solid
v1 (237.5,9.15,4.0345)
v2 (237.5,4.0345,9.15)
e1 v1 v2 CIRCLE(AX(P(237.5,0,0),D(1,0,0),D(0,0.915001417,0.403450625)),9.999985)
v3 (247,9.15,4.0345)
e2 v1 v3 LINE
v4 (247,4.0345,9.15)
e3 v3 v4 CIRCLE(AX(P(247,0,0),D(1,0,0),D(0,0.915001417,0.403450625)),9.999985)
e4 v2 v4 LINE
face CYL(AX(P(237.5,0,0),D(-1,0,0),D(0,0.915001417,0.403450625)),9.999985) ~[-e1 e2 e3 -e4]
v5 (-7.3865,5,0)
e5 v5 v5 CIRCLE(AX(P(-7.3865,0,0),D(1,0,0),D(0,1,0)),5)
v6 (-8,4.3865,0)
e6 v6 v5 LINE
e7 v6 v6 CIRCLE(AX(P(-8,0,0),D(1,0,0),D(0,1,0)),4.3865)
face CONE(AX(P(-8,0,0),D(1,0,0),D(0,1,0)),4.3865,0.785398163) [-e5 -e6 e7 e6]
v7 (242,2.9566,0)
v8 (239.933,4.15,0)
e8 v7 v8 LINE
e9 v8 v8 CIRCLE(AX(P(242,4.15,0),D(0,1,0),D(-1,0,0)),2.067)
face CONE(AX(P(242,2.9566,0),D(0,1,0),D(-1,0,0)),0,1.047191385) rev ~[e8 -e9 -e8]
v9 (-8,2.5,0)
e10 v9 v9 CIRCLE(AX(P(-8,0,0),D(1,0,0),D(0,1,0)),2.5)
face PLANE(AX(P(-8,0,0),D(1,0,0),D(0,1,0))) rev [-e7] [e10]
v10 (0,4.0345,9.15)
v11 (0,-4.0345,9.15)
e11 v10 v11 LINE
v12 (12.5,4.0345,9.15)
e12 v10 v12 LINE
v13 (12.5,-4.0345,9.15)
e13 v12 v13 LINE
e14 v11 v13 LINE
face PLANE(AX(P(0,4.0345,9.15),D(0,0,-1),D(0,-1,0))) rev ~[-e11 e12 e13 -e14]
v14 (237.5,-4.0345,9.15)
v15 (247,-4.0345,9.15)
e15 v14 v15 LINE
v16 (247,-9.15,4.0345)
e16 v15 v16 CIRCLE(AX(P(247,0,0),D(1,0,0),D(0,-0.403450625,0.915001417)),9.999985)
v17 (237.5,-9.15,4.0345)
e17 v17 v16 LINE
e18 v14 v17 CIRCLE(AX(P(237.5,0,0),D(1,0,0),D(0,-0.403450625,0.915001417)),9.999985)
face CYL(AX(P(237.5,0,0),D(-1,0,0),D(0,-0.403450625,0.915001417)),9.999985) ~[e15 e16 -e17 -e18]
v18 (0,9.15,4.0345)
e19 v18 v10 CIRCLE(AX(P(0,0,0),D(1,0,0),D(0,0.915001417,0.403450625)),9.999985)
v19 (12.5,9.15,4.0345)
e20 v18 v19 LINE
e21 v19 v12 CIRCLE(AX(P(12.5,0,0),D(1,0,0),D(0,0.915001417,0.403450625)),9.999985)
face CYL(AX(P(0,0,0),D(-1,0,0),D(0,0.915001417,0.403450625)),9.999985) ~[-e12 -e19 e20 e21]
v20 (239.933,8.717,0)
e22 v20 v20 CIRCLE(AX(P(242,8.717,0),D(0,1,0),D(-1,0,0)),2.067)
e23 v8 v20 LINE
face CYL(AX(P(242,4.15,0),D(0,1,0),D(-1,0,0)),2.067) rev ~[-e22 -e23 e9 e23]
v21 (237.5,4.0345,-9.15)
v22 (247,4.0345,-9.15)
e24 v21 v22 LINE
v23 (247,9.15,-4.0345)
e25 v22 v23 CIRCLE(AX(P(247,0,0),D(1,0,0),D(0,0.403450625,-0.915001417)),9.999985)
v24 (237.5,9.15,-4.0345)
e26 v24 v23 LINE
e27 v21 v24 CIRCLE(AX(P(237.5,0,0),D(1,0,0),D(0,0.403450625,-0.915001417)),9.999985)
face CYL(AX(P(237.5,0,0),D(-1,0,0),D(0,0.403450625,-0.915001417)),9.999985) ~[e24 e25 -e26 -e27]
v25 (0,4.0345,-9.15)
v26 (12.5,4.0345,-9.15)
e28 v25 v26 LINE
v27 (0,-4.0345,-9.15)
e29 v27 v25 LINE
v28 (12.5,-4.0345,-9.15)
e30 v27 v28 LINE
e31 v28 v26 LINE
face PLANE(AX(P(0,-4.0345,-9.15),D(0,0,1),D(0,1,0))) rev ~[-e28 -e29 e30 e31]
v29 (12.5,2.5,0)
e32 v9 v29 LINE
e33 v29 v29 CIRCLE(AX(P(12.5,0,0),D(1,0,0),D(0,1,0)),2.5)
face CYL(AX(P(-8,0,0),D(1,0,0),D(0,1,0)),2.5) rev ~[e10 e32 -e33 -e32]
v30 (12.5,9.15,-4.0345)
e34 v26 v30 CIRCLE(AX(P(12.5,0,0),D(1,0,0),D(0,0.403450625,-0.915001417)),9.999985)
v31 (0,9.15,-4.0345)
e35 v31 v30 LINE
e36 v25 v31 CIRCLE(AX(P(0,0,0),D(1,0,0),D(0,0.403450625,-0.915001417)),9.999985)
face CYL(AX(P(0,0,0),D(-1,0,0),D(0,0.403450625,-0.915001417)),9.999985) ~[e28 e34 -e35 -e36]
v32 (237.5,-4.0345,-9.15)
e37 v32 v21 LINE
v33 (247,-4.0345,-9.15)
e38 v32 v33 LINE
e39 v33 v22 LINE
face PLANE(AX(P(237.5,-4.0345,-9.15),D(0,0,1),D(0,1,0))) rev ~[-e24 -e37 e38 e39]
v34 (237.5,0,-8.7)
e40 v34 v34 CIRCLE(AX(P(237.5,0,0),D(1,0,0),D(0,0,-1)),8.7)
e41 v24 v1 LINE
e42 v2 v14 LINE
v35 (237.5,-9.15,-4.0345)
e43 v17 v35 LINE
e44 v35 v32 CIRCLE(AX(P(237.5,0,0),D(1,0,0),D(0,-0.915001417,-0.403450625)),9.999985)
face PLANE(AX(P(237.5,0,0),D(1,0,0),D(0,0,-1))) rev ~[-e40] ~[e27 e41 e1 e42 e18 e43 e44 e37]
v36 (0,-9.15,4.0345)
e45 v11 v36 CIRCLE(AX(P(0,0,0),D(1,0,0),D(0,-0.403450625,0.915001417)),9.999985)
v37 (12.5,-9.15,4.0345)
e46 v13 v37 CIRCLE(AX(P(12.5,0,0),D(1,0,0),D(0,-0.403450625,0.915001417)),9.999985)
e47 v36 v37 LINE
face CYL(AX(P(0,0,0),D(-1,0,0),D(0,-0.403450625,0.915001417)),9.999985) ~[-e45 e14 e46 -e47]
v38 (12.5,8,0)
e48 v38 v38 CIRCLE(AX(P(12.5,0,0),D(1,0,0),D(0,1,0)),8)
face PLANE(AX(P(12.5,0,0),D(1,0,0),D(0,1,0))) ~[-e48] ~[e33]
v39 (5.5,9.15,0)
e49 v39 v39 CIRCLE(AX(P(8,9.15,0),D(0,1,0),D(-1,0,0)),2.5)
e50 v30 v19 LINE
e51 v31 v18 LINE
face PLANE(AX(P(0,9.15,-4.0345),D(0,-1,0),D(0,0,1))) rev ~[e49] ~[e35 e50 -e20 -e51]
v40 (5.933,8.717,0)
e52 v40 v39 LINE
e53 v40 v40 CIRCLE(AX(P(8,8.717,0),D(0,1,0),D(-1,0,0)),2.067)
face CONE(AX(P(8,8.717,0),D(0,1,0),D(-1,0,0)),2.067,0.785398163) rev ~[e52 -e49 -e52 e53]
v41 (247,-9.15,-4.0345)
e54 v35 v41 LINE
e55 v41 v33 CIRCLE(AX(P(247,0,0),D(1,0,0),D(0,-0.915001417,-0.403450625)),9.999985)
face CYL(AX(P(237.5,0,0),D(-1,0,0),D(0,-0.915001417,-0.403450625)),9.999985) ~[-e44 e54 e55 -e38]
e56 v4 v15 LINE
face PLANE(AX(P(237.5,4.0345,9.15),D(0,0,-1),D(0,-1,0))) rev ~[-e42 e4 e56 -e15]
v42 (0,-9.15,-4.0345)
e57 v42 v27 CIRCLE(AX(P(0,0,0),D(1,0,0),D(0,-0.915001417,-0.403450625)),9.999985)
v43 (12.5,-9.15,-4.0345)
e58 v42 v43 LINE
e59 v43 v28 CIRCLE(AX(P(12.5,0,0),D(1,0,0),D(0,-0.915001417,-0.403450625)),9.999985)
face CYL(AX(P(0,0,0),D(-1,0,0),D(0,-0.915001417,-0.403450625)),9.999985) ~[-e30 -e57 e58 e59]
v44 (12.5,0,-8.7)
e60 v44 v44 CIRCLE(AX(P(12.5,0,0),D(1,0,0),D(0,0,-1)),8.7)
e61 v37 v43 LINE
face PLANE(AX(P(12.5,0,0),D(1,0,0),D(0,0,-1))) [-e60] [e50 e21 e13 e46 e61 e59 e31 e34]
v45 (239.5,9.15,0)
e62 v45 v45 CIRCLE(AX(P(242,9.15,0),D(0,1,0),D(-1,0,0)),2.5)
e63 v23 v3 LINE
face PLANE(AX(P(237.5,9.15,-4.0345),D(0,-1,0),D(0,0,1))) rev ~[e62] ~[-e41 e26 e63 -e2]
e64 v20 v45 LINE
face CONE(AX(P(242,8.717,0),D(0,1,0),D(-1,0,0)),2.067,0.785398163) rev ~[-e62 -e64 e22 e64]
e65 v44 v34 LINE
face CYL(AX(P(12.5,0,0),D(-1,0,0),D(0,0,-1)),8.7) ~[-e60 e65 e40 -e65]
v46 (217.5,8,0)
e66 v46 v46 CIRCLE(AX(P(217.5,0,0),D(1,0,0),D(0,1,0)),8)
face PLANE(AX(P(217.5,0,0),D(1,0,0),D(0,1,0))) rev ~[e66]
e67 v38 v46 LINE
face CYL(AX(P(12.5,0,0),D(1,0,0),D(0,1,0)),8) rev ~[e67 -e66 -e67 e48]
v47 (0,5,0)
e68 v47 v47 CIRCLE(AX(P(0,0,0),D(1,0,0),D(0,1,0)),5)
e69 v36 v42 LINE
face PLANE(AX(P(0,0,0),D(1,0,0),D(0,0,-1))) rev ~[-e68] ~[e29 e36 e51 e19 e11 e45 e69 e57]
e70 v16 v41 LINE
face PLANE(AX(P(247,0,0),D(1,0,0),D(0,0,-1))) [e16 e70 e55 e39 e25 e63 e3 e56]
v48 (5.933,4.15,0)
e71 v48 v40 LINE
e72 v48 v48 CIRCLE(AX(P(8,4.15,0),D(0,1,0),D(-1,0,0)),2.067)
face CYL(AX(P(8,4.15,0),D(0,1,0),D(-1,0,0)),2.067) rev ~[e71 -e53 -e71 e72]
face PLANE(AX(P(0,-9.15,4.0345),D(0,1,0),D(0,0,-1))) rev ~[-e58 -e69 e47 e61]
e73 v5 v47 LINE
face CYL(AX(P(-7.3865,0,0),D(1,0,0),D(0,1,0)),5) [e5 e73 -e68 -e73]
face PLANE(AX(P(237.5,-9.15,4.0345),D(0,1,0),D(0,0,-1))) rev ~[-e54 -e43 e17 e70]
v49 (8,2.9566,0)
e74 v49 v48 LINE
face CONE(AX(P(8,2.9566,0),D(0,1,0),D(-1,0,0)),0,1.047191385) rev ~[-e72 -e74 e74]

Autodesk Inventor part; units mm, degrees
sketch "Sketch_8" plane through (0, 0, 0) normal (0, 0, 1) x (1, 0, 0)
  line L0 (0, 0) -> (-8, 0)
  line L1 (-8, 0) -> (-8, 4.3865)
  line L2 (-8, 4.3865) -> (-7.3865, 5)
  line L3 (-7.3865, 5) -> (0, 5)
  line L4 (0, 5) -> (0, 0)
  line L5 (0, 0) -> (-8, 0)
revolve "Revolution1" add sketch "Sketch_8" angle 360 about axis through (0, 0, 0) along (1, 0, 0)
thread "Thread1" size "M10x1" class "6g" standard "ISO Metric profile" length 5.8865
sketch "Sketch_9" plane through (0, 0, 0) normal (1, 0, 0) x (0, 0, -1)
  line L0 (-9.15, 4.0345) -> (-9.15, -4.0345)
  arc A0 (-9.15, -4.0345) -> (-4.0345, -9.15) centre (0, 0) ccw
  line L1 (-4.0345, -9.15) -> (4.0345, -9.15)
  arc A1 (4.0345, -9.15) -> (9.15, -4.0345) centre (0, 0) ccw
  line L2 (9.15, -4.0345) -> (9.15, 4.0345)
  arc A2 (9.15, 4.0345) -> (4.0345, 9.15) centre (0, 0) ccw
  line L3 (4.0345, 9.15) -> (-4.0345, 9.15)
  arc A3 (-4.0345, 9.15) -> (-9.15, 4.0345) centre (0, 0) ccw
extrude "Extrusion1" add sketch "Sketch_9" along normal blind 12.5
sketch "Sketch_11" plane through (12.5, 0, 0) normal (1, 0, 0) x (0, 0, -1)
  circle A0 centre (0, 0) radius 8.7
extrude "Extrusion2" add sketch "Sketch_11" along normal blind 225
sketch "Sketch_10" plane through (237.5, 0, 0) normal (1, 0, 0) x (0, 0, -1)
  line L0 (-9.15, 4.0345) -> (-9.15, -4.0345)
  arc A0 (-9.15, -4.0345) -> (-4.0345, -9.15) centre (0, 0) ccw
  line L1 (-4.0345, -9.15) -> (4.0345, -9.15)
  arc A1 (4.0345, -9.15) -> (9.15, -4.0345) centre (0, 0) ccw
  line L2 (9.15, -4.0345) -> (9.15, 4.0345)
  arc A2 (9.15, 4.0345) -> (4.0345, 9.15) centre (0, 0) ccw
  line L3 (4.0345, 9.15) -> (-4.0345, 9.15)
  arc A3 (-4.0345, 9.15) -> (-9.15, 4.0345) centre (0, 0) ccw
extrude "Extrusion3" add sketch "Sketch_10" along normal blind 9.5
sketch "Sketch7" plane through (0, 0, 0) normal (0, 0, 1) x (1, 0, 0)
  line L0 (8, 9.15) -> (8, 4.15)
  line L1 (8, 2.9566) -> (5.933, 4.15)
  line L2 (5.933, 4.15) -> (5.933, 8.717)
  line L3 (5.933, 8.717) -> (5.5, 9.15)
  line L4 (5.5, 9.15) -> (8, 9.15)
  line L5 (8, 9.15) -> (8, 2.9566)
revolve "Revolution2" cut sketch "Sketch7" angle 360 about axis through (8, 9.15, 0) along (0, 1, 0)
thread "Thread2" size "M5x0.8" class "6H" standard "ISO Metric profile" full length
sketch "Sketch_7" plane through (0, 0, 0) normal (0, 0, 1) x (1, 0, 0)
  line L0 (242, 9.15) -> (242, 4.15)
  line L1 (242, 2.9566) -> (239.933, 4.15)
  line L2 (239.933, 4.15) -> (239.933, 8.717)
  line L3 (239.933, 8.717) -> (239.5, 9.15)
  line L4 (239.5, 9.15) -> (242, 9.15)
  line L5 (242, 9.15) -> (242, 2.9566)
revolve "Revolution3" cut sketch "Sketch_7" angle 360 about axis through (242, 9.15, 0) along (0, 1, 0)
thread "Thread3" size "M5x0.8" class "6H" standard "ISO Metric profile" full length
sketch "Sketch_16" plane through (0, 0, 0) normal (0, 0, 1) x (1, 0, 0)
  line L0 (217.5, 0) -> (-8, 0)
  line L1 (-8, 0) -> (-8, 2.5)
  line L2 (-8, 2.5) -> (12.5, 2.5)
  line L3 (12.5, 2.5) -> (12.5, 8)
  line L4 (12.5, 8) -> (217.5, 8)
  line L5 (217.5, 8) -> (217.5, 0)
  line L6 (217.5, 0) -> (-8, 0)
revolve "Revolution4" cut sketch "Sketch_16" angle 360 about axis through (217.5, 0, 0) along (1, 0, 0)
ref_plane "BODY_N_XY" through (247, 0, 0) normal (0, 0, -1) x (1, 0, 0)
ref_plane "BODY_N_YZ" through (247, 0, 0) normal (1, 0, 0) x (0, -1, 0)
ref_plane "BODY_N_ZX" through (247, 0, 0) normal (0, -1, 0) x (0, 0, -1)
ref_plane "NUT2_XY" through (247, 0, 0) normal (1, 0, 0) x (0, 0, -1)
ref_plane "NUT2_YZ" through (247, 0, 0) normal (0, 0, -1) x (0, 1, 0)
ref_plane "NUT2_ZX" through (247, 0, 0) normal (0, 1, 0) x (1, 0, 0)
ref_plane "SW1_XY" through (17.5, 0, 0) normal (1, 0, 0) x (0, 0, -1)
ref_plane "SW1_YZ" through (17.5, 0, 0) normal (0, 0, -1) x (0, 1, 0)
ref_plane "SW1_ZX" through (17.5, 0, 0) normal (0, 1, 0) x (1, 0, 0)
ref_plane "SW2_XY" through (232.5, 0, 0) normal (-1, 0, 0) x (0, 0, -1)
ref_plane "SW2_YZ" through (232.5, 0, 0) normal (0, 0, -1) x (0, -1, 0)
ref_plane "SW2_ZX" through (232.5, 0, 0) normal (0, -1, 0) x (-1, 0, 0)
ref_plane "SW_R1_XY" through (17.5, -14.15, 0) normal (1, 0, 0) x (0, 0, -1)
ref_plane "SW_R1_YZ" through (17.5, -14.15, 0) normal (0, 0, -1) x (0, 1, 0)
ref_plane "SW_R1_ZX" through (17.5, -14.15, 0) normal (0, 1, 0) x (1, 0, 0)
ref_plane "SW_R2_XY" through (232.5, -14.15, 0) normal (-1, 0, 0) x (0, 0, -1)
ref_plane "SW_R2_YZ" through (232.5, -14.15, 0) normal (0, 0, -1) x (0, -1, 0)
ref_plane "SW_R2_ZX" through (232.5, -14.15, 0) normal (0, -1, 0) x (-1, 0, 0)
ref_plane "body_XY" through (0, 0, 0) normal (1, 0, 0) x (0, 0, -1)
ref_plane "body_YZ" through (0, 0, 0) normal (0, 0, -1) x (0, 1, 0)
ref_plane "body_ZX" through (0, 0, 0) normal (0, 1, 0) x (1, 0, 0)
properties part number "CJ2B16-200Z(1_0)_BODY" material "鉄、鋳鉄"
